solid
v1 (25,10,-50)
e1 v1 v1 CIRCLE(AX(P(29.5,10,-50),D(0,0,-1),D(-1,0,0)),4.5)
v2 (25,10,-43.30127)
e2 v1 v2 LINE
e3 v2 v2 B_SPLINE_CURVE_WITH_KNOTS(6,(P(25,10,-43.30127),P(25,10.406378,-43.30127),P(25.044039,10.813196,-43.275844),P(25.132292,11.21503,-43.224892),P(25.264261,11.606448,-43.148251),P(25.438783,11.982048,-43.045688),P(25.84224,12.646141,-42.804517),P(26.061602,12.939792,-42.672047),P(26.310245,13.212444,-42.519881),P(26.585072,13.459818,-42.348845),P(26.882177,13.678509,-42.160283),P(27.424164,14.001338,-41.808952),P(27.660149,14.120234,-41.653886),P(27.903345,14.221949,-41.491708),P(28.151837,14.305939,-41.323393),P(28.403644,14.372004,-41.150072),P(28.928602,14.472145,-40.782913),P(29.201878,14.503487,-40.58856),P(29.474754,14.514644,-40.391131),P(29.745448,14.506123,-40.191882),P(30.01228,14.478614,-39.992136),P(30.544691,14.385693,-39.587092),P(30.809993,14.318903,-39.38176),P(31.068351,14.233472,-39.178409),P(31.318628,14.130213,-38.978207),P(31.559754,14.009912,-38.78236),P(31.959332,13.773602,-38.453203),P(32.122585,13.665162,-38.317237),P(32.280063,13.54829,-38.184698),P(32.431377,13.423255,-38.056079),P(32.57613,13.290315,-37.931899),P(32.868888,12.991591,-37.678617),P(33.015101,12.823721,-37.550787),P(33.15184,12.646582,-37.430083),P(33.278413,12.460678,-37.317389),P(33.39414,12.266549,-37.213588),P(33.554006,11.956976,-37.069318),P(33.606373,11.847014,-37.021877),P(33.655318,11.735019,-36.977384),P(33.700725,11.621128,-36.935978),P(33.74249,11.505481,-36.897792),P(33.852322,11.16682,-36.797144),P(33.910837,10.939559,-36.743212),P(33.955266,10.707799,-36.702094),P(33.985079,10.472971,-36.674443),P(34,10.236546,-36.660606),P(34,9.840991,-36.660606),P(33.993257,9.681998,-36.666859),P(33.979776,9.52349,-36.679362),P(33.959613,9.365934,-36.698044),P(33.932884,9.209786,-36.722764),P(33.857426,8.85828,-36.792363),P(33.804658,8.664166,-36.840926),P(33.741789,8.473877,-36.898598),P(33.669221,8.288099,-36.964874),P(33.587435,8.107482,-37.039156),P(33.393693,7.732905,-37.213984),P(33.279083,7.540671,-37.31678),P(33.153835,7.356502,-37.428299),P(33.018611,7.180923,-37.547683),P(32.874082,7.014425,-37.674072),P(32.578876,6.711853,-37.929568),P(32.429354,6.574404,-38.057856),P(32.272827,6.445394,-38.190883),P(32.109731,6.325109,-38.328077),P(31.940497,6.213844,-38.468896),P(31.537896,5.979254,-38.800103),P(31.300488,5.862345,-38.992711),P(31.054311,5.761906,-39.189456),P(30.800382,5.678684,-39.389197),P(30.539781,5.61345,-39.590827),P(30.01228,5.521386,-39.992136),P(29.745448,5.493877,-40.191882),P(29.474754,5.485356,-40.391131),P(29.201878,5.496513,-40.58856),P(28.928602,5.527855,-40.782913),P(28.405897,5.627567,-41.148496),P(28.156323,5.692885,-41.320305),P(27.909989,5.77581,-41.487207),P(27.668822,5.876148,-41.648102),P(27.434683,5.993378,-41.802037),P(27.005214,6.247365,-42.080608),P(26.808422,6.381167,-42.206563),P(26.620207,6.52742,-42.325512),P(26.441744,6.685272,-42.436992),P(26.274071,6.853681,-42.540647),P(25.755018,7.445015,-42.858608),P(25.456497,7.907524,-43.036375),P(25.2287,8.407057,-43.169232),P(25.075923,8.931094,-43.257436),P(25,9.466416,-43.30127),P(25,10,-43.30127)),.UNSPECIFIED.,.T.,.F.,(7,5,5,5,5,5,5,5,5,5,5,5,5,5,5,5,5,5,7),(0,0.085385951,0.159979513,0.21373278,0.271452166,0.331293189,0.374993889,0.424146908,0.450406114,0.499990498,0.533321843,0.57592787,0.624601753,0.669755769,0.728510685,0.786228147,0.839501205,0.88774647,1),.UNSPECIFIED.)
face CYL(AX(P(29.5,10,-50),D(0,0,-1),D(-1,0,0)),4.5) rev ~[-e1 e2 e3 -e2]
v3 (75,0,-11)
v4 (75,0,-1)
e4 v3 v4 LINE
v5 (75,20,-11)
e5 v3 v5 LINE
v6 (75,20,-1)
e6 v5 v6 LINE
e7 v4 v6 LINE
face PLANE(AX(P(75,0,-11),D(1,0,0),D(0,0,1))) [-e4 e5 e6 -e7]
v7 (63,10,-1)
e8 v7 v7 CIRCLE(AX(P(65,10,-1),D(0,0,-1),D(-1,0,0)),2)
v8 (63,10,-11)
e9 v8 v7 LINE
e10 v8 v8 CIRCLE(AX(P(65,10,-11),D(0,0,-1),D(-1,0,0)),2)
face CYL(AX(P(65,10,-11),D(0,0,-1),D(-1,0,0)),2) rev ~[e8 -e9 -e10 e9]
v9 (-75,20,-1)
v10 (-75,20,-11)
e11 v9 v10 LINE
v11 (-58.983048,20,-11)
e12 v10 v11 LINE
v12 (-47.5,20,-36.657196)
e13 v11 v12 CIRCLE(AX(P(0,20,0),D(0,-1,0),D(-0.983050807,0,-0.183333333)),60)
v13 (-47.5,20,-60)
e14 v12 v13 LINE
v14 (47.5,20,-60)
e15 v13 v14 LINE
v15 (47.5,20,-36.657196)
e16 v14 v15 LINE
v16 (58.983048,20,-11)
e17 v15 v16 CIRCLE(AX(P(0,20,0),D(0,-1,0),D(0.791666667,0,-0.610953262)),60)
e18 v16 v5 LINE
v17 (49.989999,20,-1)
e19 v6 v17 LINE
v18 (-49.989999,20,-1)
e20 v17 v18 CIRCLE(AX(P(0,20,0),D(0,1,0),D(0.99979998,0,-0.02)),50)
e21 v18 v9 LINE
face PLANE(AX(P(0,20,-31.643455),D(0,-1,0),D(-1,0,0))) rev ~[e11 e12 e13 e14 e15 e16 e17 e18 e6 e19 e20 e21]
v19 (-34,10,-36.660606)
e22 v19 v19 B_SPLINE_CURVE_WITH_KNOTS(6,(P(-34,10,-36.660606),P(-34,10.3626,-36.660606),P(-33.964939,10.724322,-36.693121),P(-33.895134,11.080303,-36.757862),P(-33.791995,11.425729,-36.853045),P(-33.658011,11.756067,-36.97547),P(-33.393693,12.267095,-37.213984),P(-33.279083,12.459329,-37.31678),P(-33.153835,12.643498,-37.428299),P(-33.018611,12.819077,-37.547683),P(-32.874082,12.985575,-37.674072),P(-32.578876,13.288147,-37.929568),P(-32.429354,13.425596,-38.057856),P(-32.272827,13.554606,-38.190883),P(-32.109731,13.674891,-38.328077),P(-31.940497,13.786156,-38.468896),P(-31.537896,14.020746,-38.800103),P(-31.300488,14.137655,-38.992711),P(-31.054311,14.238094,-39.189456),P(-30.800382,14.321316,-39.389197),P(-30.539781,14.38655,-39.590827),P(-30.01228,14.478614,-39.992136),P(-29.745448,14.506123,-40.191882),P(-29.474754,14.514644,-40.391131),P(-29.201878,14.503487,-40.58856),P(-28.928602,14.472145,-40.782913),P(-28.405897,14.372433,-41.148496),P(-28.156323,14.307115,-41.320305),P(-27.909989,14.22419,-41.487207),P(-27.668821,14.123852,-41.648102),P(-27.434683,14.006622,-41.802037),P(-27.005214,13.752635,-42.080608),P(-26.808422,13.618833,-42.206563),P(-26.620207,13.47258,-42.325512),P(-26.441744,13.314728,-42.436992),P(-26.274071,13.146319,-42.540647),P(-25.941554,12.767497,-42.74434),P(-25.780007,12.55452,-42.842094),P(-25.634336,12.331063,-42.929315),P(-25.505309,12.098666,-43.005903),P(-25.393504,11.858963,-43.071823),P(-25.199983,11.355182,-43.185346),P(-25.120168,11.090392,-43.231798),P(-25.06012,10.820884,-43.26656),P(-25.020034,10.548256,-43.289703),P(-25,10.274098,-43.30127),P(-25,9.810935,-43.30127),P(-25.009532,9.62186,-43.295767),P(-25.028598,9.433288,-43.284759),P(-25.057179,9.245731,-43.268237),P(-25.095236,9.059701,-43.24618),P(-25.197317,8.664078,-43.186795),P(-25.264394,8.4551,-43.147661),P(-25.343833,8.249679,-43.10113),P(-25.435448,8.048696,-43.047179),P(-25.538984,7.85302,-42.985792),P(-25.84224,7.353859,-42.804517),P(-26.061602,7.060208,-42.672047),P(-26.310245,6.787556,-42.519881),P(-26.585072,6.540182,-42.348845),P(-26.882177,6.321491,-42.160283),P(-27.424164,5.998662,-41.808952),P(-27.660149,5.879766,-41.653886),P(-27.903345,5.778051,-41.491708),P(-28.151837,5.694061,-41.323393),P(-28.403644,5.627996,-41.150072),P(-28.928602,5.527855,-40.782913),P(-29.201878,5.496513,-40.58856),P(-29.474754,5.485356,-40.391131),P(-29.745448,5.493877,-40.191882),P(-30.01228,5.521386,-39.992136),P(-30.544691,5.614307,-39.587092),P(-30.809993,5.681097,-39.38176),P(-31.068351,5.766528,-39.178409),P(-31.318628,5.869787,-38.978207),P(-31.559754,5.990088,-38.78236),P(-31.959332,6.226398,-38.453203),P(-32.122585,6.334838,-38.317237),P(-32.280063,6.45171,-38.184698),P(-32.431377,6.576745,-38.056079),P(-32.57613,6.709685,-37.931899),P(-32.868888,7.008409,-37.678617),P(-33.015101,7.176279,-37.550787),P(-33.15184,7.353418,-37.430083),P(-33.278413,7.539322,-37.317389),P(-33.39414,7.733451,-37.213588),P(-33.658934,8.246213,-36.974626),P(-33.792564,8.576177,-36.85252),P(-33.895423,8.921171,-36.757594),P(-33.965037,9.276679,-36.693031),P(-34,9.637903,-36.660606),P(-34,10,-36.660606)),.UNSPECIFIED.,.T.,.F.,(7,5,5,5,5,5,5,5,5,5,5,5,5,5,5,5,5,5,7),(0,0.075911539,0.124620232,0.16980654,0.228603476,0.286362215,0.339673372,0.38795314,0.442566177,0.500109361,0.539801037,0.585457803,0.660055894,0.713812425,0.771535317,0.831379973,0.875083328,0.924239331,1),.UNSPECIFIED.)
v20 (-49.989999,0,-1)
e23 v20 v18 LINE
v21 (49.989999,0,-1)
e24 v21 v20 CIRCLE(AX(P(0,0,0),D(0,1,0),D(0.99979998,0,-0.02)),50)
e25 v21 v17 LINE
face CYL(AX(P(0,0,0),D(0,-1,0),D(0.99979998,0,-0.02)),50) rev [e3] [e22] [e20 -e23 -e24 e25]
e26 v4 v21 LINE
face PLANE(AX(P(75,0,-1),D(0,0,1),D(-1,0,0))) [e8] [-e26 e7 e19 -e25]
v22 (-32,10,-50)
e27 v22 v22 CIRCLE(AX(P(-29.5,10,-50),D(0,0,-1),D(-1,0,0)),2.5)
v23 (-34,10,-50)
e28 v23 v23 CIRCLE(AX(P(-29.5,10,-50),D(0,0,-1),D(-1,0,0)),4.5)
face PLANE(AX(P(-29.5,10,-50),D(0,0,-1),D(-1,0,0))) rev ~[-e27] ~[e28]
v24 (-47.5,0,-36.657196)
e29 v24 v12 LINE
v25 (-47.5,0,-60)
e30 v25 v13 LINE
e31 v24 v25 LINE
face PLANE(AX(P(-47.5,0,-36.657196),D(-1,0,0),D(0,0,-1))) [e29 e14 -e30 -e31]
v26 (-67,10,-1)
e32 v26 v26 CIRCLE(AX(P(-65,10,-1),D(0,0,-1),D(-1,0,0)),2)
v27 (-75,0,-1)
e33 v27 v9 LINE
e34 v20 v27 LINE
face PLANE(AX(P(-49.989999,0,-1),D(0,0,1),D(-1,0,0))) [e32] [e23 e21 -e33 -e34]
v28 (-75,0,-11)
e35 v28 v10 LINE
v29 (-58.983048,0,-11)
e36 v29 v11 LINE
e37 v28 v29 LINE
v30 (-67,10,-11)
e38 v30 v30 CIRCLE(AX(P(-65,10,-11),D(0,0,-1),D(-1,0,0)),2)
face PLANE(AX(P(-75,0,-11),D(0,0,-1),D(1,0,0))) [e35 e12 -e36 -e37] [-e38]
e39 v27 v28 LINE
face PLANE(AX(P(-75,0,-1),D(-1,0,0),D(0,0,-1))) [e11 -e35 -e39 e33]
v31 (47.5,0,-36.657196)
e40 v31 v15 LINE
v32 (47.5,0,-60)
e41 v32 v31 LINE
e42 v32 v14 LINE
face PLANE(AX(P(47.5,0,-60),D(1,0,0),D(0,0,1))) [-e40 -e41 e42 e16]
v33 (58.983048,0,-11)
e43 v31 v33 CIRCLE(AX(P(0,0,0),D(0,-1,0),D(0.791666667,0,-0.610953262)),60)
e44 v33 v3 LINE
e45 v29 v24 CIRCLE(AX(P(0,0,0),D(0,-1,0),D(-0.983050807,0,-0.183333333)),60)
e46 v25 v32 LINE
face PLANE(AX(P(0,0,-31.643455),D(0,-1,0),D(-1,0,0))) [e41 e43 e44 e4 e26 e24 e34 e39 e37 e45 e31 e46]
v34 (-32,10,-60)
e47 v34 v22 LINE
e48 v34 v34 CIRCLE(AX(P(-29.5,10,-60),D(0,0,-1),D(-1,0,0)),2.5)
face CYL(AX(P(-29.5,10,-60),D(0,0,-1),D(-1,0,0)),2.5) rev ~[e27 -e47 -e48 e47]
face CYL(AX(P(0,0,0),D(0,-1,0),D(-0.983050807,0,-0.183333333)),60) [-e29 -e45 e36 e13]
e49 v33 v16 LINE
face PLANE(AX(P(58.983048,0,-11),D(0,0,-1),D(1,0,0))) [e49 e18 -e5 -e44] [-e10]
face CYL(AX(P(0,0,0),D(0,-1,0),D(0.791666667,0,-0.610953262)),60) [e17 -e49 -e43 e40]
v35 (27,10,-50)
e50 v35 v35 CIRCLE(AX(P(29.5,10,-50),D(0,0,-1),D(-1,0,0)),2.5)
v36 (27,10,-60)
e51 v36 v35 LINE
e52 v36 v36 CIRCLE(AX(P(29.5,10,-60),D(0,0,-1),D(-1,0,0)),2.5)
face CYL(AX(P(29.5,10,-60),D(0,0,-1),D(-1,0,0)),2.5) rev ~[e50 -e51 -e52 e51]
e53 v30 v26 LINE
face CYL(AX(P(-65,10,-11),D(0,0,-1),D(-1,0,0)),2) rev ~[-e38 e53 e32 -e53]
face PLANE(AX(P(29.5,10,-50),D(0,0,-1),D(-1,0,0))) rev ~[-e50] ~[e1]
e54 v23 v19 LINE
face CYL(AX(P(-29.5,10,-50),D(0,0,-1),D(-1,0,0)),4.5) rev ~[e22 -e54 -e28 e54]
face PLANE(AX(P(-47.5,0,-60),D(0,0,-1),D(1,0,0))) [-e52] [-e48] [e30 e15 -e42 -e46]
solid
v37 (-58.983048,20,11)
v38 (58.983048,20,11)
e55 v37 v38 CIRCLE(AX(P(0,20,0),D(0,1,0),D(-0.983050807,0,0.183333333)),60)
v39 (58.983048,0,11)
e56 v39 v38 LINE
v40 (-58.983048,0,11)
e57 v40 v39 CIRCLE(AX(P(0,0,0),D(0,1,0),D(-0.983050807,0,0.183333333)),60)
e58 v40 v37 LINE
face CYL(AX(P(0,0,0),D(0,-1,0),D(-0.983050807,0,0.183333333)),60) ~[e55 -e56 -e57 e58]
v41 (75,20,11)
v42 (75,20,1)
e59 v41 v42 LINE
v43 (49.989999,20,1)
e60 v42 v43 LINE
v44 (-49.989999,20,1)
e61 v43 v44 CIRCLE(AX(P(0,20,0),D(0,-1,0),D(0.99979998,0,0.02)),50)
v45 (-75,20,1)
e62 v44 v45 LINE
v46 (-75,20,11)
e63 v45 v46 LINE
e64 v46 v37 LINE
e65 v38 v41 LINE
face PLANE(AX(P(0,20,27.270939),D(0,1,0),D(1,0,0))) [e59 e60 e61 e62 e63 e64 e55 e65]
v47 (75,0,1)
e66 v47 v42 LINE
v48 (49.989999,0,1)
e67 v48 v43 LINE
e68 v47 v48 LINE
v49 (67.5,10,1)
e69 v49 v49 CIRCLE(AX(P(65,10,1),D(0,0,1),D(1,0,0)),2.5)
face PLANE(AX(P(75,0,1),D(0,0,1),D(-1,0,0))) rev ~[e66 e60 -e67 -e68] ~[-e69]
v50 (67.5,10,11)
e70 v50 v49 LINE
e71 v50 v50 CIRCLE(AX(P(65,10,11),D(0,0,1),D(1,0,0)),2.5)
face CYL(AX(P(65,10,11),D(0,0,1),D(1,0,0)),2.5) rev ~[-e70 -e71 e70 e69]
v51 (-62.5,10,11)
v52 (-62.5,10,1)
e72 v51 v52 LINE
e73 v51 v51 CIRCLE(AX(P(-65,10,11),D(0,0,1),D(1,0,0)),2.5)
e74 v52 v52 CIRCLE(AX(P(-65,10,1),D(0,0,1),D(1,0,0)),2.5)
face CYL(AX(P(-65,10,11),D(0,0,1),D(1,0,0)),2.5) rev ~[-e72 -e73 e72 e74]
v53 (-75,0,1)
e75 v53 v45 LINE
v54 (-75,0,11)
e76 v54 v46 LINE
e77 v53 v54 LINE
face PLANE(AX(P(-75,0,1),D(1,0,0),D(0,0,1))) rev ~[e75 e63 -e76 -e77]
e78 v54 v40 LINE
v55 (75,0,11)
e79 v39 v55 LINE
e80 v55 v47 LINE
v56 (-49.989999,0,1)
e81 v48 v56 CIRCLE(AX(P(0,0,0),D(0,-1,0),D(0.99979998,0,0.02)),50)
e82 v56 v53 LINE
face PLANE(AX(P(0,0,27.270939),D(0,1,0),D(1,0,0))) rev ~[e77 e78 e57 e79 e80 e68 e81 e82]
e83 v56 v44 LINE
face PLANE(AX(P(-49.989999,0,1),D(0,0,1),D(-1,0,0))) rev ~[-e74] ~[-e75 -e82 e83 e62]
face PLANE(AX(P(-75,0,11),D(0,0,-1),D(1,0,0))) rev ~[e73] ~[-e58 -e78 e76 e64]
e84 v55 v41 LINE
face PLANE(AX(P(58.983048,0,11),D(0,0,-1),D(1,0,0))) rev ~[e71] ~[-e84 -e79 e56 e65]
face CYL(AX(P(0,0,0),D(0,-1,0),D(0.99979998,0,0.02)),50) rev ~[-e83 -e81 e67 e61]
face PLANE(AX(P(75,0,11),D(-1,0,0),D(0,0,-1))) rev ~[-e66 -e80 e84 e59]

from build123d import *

# Parameters (mm, degrees)
BOSS_EXTRUDE1_DEPTH   = 20
BOSS_EXTRUDE1_2_DEPTH = 20
SKETCH2_R             = 2.5
CUT_EXTRUDE1_DEPTH    = 50
SKETCH4_R             = 4.5
CUT_EXTRUDE2_DEPTH    = 50
SKETCH5_R             = 2
CUT_EXTRUDE3_DEPTH    = 10
SKETCH6_R             = 2.5
CUT_EXTRUDE4_DEPTH    = 10


with BuildPart() as part:
    # Sketch1 → Boss-Extrude1 (new body)
    with BuildSketch(Plane(origin=(0, 0, 0), x_dir=(1, 0, 0), z_dir=(0, 1, 0))):
        with BuildLine():
            Line((-47.5, 60), (47.5, 60))
            Line((47.5, 60), (47.5, 36.657195747))
            ThreePointArc((47.5, 36.657195747), (54.765251969, 24.510552356), (58.983048412, 11))
            Line((58.983048412, 11), (75, 11))
            Line((75, 11), (75, 1))
            Line((75, 1), (49.989999, 1))
            ThreePointArc((49.989999, 1), (0, 50), (-49.989999, 1))
            Line((-49.989999, 1), (-75, 1))
            Line((-75, 1), (-75, 11))
            Line((-75, 11), (-58.983048412, 11))
            ThreePointArc((-58.983048412, 11), (-54.765251969, 24.510552356), (-47.5, 36.657195747))
            Line((-47.5, 36.657195747), (-47.5, 60))
        make_face()
    extrude(amount=BOSS_EXTRUDE1_DEPTH)

    # Sketch2 → Cut-Extrude1 (cut)
    with BuildSketch(Plane(origin=(0, 0, -60), x_dir=(-1, 0, 0), z_dir=(0, 0, -1))):
        with Locations((-29.5, 10)):
            Circle(SKETCH2_R)
        with Locations((29.5, 10)):
            Circle(SKETCH2_R)
    extrude(amount=-CUT_EXTRUDE1_DEPTH, mode=Mode.SUBTRACT)

    # Sketch4 → Cut-Extrude2 (cut)
    with BuildSketch(Plane(origin=(0, 0, -50), x_dir=(-1, 0, 0), z_dir=(0, 0, -1))):
        with Locations((-29.5, 10)):
            Circle(SKETCH4_R)
        with Locations((29.5, 10)):
            Circle(SKETCH4_R)
    extrude(amount=-CUT_EXTRUDE2_DEPTH, mode=Mode.SUBTRACT)

    # Sketch5 → Cut-Extrude3 (cut)
    with BuildSketch(Plane(origin=(0, 0, -11), x_dir=(-1, 0, 0), z_dir=(0, 0, -1))):
        with Locations((-65, 10)):
            Circle(SKETCH5_R)
        with Locations((65, 10)):
            Circle(SKETCH5_R)
    extrude(amount=-CUT_EXTRUDE3_DEPTH, mode=Mode.SUBTRACT)


with BuildPart() as body_2:
    # Sketch1 → Boss-Extrude1 2 (new body)
    with BuildSketch(Plane(origin=(0, 0, 0), x_dir=(1, 0, 0), z_dir=(0, 1, 0))):
        with BuildLine():
            Line((-75, -11), (-58.983048412, -11))
            ThreePointArc((-58.983048412, -11), (0, -60), (58.983048412, -11))
            Line((58.983048412, -11), (75, -11))
            Line((75, -11), (75, -1))
            Line((75, -1), (49.989999, -1))
            ThreePointArc((49.989999, -1), (0, -50), (-49.989999, -1))
            Line((-49.989999, -1), (-75, -1))
            Line((-75, -1), (-75, -11))
        make_face()
    extrude(amount=BOSS_EXTRUDE1_2_DEPTH)

    # Sketch6 → Cut-Extrude4 (cut)
    with BuildSketch(Plane.XY.offset(11)):
        with Locations((65, 10)):
            Circle(SKETCH6_R)
        with Locations((-65, 10)):
            Circle(SKETCH6_R)
    extrude(amount=-CUT_EXTRUDE4_DEPTH, mode=Mode.SUBTRACT)


solid = Compound([part.part, body_2.part])
